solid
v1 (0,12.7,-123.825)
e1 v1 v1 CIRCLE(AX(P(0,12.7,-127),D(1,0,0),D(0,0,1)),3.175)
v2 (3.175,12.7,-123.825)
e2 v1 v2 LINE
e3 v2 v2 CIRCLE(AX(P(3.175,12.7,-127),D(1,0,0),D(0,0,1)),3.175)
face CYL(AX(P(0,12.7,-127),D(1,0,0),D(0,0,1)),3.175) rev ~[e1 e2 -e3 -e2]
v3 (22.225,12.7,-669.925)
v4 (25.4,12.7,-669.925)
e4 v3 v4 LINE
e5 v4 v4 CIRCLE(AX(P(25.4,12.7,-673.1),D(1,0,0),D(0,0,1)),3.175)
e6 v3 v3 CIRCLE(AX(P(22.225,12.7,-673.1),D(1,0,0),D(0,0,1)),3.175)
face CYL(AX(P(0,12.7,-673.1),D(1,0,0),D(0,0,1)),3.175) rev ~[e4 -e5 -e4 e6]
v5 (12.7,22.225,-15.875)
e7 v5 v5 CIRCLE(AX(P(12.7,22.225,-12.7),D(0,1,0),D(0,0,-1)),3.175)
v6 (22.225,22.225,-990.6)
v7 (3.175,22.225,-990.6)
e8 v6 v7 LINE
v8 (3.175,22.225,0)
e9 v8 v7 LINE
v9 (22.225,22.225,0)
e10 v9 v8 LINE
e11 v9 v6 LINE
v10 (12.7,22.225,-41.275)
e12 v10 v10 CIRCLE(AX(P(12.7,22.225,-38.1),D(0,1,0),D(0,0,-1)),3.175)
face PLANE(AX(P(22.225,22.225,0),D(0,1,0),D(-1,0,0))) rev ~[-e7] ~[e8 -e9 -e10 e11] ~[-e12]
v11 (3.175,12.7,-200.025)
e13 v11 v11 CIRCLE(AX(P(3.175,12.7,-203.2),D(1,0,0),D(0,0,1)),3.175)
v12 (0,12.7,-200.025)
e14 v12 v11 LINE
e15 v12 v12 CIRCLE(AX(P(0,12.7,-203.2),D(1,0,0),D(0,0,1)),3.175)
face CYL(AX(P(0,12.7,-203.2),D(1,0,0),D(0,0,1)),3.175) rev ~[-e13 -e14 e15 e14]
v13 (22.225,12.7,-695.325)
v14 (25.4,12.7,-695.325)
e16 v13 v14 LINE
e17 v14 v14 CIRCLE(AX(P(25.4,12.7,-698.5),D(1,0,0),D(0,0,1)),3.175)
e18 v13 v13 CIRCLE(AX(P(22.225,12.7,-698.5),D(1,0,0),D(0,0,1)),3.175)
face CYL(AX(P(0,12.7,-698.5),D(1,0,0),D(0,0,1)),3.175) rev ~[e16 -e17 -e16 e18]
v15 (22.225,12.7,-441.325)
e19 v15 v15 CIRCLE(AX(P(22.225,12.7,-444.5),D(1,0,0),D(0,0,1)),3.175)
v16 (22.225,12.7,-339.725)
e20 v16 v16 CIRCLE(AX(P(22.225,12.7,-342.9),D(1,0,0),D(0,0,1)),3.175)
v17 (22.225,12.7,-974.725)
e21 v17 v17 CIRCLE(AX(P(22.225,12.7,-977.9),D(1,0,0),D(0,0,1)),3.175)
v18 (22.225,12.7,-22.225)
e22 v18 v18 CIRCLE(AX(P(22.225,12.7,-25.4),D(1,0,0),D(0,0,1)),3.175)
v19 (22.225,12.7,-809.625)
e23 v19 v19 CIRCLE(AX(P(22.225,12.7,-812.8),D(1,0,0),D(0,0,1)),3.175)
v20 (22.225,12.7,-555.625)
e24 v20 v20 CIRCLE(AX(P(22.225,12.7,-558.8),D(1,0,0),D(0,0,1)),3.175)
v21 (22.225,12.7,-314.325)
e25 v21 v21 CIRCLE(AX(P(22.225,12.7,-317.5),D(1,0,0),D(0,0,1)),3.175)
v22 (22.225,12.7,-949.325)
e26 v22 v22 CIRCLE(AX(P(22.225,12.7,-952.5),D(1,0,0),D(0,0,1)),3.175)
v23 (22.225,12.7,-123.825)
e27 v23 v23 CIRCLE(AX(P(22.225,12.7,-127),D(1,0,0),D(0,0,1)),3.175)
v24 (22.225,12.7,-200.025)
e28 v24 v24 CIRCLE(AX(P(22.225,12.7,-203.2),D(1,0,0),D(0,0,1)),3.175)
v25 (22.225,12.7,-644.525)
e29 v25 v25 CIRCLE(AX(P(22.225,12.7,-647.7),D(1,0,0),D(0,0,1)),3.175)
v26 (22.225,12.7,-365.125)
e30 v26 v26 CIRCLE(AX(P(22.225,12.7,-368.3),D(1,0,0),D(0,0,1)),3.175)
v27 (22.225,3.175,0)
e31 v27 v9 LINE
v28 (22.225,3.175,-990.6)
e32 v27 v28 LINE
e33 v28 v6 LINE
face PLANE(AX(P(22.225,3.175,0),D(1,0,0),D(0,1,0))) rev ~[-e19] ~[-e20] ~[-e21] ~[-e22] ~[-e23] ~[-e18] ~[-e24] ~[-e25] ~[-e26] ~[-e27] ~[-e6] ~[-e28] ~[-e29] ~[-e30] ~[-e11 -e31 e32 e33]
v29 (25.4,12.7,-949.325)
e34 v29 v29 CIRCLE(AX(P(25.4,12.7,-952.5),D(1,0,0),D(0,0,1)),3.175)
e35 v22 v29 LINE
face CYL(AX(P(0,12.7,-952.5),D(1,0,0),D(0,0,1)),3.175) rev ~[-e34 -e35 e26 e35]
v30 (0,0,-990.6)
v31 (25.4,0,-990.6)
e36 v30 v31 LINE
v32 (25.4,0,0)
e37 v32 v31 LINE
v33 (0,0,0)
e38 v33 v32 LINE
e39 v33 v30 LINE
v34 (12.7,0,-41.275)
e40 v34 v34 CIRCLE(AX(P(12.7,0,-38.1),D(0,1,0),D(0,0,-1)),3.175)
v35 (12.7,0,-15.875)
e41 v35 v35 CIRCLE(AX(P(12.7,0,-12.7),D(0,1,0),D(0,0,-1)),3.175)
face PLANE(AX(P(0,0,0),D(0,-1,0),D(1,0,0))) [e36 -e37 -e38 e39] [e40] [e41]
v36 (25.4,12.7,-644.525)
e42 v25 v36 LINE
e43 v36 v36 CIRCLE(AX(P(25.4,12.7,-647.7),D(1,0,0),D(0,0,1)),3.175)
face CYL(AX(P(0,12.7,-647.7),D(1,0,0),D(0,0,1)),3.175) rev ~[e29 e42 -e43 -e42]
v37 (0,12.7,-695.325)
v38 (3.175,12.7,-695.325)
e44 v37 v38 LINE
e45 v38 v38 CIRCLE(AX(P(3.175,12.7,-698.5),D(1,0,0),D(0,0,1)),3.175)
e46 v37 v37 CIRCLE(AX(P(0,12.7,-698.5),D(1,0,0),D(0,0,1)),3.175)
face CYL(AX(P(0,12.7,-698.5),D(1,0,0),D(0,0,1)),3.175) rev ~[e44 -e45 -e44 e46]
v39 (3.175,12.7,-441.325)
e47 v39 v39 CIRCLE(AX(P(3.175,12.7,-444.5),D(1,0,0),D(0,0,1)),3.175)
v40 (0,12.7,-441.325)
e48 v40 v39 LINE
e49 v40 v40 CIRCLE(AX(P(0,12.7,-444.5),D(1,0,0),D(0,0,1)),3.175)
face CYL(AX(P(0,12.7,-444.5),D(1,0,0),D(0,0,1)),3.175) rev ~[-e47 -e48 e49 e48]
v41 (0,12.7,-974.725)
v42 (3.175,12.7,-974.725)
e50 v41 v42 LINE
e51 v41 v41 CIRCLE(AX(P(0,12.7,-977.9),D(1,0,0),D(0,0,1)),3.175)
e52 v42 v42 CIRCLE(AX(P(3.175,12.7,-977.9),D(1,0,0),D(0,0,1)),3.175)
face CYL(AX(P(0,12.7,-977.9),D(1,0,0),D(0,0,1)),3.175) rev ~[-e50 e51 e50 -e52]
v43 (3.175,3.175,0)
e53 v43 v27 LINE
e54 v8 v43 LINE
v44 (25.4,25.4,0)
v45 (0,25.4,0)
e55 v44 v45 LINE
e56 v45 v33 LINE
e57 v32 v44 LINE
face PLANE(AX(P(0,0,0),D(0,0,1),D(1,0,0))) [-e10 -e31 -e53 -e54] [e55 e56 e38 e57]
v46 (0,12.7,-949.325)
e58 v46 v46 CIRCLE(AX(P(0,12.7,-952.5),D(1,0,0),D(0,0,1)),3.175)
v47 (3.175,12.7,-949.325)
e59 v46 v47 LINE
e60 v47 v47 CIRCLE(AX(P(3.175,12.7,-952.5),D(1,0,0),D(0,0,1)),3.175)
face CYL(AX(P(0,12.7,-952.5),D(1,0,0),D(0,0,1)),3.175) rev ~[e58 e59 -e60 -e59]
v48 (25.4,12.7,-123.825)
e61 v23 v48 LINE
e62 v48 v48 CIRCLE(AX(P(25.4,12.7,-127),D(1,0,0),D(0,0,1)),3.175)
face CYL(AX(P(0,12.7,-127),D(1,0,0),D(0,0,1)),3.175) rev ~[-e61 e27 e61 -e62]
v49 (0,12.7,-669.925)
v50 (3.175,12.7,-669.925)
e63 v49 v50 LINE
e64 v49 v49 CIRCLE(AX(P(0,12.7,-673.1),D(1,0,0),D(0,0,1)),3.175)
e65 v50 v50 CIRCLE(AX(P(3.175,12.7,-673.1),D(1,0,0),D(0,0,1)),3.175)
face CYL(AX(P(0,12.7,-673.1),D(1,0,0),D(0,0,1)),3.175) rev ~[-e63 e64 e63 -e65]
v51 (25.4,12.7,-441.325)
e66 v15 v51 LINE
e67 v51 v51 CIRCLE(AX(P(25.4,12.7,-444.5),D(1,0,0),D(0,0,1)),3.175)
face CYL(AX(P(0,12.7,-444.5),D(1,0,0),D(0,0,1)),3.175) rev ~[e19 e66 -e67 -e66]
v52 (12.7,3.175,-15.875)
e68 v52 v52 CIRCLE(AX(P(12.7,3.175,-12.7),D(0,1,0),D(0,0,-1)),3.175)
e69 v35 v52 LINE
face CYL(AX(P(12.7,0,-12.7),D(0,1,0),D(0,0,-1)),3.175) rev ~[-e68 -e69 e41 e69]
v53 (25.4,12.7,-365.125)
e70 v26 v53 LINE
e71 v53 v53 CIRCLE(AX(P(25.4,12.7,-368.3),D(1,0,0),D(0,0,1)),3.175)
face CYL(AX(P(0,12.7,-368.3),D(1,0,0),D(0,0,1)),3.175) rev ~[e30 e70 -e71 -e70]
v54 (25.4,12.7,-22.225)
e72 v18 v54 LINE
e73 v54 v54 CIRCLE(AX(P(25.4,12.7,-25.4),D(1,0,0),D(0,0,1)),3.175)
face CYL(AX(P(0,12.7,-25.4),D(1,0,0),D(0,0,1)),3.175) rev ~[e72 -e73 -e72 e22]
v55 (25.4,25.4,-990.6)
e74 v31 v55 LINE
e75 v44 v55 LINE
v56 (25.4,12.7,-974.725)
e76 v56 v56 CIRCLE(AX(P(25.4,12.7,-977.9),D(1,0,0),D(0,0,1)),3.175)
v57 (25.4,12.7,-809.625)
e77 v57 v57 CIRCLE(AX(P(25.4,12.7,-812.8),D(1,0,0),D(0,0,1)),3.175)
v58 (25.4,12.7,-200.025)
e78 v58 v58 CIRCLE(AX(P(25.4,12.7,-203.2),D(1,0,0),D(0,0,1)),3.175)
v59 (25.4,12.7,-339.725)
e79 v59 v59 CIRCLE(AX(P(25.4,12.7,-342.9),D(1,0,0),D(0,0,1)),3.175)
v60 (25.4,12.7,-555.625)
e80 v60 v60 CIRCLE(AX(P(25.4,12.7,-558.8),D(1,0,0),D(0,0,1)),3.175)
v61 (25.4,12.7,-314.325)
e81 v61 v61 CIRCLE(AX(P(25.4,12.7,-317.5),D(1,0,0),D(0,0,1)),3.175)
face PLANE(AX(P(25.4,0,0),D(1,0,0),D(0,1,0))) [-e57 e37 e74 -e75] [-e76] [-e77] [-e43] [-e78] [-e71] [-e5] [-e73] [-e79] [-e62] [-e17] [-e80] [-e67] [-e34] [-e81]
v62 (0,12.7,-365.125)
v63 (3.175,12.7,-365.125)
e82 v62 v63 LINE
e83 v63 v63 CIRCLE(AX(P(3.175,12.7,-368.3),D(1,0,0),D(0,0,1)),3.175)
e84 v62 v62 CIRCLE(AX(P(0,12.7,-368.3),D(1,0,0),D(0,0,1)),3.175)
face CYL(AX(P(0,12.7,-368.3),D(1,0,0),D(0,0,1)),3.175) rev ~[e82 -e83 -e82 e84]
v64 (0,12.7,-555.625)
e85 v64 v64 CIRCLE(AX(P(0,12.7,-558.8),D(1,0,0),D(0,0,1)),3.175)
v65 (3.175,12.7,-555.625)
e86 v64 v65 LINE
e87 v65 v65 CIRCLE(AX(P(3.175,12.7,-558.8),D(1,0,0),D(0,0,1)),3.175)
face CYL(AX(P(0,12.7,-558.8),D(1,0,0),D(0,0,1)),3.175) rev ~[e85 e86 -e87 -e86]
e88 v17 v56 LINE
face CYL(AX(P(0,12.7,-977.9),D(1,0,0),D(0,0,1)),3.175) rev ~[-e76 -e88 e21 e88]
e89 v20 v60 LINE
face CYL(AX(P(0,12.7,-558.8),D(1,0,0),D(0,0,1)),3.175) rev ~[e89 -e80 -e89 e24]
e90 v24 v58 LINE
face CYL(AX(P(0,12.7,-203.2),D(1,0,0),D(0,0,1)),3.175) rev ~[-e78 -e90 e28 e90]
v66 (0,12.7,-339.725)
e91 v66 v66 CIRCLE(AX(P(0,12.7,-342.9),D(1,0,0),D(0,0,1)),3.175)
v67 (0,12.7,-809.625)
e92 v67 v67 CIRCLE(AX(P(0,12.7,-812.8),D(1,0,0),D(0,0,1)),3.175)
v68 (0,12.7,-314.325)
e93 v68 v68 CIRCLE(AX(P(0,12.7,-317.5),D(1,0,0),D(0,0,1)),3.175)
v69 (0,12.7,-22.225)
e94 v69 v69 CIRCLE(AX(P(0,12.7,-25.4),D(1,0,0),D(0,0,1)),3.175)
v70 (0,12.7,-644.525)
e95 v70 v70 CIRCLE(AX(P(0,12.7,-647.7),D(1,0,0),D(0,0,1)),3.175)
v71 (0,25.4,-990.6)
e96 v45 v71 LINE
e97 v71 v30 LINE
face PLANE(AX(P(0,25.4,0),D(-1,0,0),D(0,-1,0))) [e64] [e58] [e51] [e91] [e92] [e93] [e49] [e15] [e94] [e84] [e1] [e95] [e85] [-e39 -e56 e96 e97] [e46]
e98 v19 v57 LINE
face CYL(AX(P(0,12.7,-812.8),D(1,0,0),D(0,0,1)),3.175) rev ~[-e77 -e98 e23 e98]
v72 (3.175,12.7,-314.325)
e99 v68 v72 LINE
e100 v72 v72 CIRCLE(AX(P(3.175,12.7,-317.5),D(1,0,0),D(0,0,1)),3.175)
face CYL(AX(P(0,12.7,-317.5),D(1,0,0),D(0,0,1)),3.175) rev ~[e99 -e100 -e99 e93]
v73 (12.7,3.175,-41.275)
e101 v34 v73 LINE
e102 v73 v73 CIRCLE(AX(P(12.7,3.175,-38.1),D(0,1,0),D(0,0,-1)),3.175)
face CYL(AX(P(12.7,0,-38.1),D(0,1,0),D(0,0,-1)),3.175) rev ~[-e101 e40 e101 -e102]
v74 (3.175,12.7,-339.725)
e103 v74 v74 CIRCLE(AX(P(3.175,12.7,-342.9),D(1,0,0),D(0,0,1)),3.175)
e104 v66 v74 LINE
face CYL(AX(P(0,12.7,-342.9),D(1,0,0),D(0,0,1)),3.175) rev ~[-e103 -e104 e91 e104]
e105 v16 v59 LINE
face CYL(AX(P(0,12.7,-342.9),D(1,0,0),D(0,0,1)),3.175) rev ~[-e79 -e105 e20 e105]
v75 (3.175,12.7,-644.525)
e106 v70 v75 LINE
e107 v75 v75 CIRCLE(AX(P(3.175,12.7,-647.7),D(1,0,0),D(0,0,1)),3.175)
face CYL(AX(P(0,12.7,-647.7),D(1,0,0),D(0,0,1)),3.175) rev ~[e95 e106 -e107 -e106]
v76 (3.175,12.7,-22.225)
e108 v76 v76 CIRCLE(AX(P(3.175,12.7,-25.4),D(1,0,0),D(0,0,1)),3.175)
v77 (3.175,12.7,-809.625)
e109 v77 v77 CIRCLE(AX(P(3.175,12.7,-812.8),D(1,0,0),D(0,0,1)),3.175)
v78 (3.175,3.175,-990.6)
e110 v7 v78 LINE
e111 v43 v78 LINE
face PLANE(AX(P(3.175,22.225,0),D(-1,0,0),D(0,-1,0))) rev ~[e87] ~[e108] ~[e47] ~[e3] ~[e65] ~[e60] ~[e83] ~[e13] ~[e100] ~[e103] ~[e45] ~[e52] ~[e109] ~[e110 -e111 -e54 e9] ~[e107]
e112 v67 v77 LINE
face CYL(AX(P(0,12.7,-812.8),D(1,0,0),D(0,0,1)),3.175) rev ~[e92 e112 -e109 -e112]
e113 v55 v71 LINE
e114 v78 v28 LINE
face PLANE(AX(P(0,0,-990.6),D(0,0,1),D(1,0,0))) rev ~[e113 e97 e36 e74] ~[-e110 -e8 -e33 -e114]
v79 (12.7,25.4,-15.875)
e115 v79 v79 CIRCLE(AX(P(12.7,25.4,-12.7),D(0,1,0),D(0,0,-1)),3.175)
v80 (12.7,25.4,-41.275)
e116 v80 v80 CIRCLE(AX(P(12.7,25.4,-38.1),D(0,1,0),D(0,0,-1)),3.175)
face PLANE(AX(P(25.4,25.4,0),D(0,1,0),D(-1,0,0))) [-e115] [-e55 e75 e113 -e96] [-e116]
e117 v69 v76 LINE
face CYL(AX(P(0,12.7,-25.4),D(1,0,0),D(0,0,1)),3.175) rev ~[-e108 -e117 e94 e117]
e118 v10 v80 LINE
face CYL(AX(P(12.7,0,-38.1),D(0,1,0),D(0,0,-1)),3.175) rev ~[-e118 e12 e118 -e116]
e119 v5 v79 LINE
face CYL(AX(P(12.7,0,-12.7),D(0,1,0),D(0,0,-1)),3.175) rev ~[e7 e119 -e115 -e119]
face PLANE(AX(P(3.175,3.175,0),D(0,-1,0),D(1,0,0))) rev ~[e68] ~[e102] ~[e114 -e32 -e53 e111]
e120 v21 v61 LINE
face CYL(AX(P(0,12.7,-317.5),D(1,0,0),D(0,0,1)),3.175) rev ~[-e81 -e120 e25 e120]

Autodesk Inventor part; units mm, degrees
ref_plane "YZ Plane" through (0, 0, 0) normal (1, 0, 0) x (0, 1, 0)
ref_plane "XZ Plane" through (0, 0, 0) normal (0, 1, 0) x (-1, 0, 0)
ref_plane "XY Plane" through (0, 0, 0) normal (0, 0, 1) x (1, 0, 0)
sketch "Sketch1" plane through (0, 0, 0) normal (0, 0, 1) x (1, 0, 0)
  line L0 (0, 0) -> (25.4, 0)
  line L1 (25.4, 0) -> (25.4, 25.4)
  line L2 (25.4, 25.4) -> (0, 25.4)
  line L3 (0, 25.4) -> (0, 0)
  line L4 (3.175, 3.175) -> (22.225, 3.175)
  line L5 (22.225, 3.175) -> (22.225, 22.225)
  line L6 (22.225, 22.225) -> (3.175, 22.225)
  line L7 (3.175, 22.225) -> (3.175, 3.175)
  dimension "d0" = 25.4
  dimension "d1" = 25.4
  dimension "d2" = 3.175
extrude "Extrusion1" add sketch "Sketch1" against normal blind 990.6
sketch "Sketch2" plane through (0, 0, -990.6) normal (-1, 0, 0) x (0, 0, 1)
  line L0 (990.6, 25.4) -> (990.6, 0) projected
  line L1 (990.6, 0) -> (0, 0) projected
  line L2 (0, 25.4) -> (0, 0) projected
  line L3 (990.6, 25.4) -> (0, 25.4) projected
  point P0 (965.2, 12.7)
  point P1 (787.4, 12.7)
  point P2 (431.8, 12.7)
  point P3 (76.2, 12.7)
  point P4 (673.1, 12.7)
  point P5 (647.7, 12.7)
  point P6 (622.3, 12.7)
  point P7 (342.9, 12.7)
  point P8 (317.5, 12.7)
  point P9 (292.1, 12.7)
  point P10 (787.4, 12.7)
  point P11 (546.1, 12.7)
  point P12 (177.8, 12.7)
  point P13 (863.6, 12.7)
  point P14 (12.7, 12.7)
  point P15 (38.1, 12.7)
  dimension "d33" = 317.5
  dimension "d34" = 25.4
  dimension "d35" = 25.4
  dimension "d36" = 279.4
  dimension "d37" = 25.4
  dimension "d38" = 25.4
  dimension "d46" = 114.3
  dimension "d47" = 76.2
  dimension "d48" = 12.7
  dimension "d49" = 114.3
  dimension "d50" = 127
  dimension "d51" = 12.7
  dimension "d52" = 25.4
  dimension "d53" = 12.7
sketch "Sketch3" plane through (0, 0, 0) normal (0, -1, 0) x (1, 0, 0)
  line L0 (0, 0) -> (25.4, 0) projected
  point P0 (12.7, -12.7)
  point P1 (12.7, -38.1)
  dimension "d24" = 25.4
  dimension "d25" = 12.7
hole "Hole3" at (12.7, 0, -12.7) at (12.7, 0, -38.1) direction (0, 1, 0) diameter 6.35 depth 25.4 tip angle 118
hole "Hole4" at (0, 12.7, -317.5) at (0, 12.7, -342.9) at (0, 12.7, -368.3) at (0, 12.7, -647.7) at (0, 12.7, -673.1) at (0, 12.7, -698.5) at (0, 12.7, -444.5) at (0, 12.7, -812.8) at (0, 12.7, -127) direction (1, 0, 0) diameter 6.35 depth 25.4 tip angle 118
hole "Hole5" at (0, 12.7, -25.4) at (0, 12.7, -203.2) at (0, 12.7, -558.8) at (0, 12.7, -977.9) at (0, 12.7, -952.5) direction (1, 0, 0) diameter 6.35 depth 25.4 tip angle 118
properties part number "towertallbackthing"
